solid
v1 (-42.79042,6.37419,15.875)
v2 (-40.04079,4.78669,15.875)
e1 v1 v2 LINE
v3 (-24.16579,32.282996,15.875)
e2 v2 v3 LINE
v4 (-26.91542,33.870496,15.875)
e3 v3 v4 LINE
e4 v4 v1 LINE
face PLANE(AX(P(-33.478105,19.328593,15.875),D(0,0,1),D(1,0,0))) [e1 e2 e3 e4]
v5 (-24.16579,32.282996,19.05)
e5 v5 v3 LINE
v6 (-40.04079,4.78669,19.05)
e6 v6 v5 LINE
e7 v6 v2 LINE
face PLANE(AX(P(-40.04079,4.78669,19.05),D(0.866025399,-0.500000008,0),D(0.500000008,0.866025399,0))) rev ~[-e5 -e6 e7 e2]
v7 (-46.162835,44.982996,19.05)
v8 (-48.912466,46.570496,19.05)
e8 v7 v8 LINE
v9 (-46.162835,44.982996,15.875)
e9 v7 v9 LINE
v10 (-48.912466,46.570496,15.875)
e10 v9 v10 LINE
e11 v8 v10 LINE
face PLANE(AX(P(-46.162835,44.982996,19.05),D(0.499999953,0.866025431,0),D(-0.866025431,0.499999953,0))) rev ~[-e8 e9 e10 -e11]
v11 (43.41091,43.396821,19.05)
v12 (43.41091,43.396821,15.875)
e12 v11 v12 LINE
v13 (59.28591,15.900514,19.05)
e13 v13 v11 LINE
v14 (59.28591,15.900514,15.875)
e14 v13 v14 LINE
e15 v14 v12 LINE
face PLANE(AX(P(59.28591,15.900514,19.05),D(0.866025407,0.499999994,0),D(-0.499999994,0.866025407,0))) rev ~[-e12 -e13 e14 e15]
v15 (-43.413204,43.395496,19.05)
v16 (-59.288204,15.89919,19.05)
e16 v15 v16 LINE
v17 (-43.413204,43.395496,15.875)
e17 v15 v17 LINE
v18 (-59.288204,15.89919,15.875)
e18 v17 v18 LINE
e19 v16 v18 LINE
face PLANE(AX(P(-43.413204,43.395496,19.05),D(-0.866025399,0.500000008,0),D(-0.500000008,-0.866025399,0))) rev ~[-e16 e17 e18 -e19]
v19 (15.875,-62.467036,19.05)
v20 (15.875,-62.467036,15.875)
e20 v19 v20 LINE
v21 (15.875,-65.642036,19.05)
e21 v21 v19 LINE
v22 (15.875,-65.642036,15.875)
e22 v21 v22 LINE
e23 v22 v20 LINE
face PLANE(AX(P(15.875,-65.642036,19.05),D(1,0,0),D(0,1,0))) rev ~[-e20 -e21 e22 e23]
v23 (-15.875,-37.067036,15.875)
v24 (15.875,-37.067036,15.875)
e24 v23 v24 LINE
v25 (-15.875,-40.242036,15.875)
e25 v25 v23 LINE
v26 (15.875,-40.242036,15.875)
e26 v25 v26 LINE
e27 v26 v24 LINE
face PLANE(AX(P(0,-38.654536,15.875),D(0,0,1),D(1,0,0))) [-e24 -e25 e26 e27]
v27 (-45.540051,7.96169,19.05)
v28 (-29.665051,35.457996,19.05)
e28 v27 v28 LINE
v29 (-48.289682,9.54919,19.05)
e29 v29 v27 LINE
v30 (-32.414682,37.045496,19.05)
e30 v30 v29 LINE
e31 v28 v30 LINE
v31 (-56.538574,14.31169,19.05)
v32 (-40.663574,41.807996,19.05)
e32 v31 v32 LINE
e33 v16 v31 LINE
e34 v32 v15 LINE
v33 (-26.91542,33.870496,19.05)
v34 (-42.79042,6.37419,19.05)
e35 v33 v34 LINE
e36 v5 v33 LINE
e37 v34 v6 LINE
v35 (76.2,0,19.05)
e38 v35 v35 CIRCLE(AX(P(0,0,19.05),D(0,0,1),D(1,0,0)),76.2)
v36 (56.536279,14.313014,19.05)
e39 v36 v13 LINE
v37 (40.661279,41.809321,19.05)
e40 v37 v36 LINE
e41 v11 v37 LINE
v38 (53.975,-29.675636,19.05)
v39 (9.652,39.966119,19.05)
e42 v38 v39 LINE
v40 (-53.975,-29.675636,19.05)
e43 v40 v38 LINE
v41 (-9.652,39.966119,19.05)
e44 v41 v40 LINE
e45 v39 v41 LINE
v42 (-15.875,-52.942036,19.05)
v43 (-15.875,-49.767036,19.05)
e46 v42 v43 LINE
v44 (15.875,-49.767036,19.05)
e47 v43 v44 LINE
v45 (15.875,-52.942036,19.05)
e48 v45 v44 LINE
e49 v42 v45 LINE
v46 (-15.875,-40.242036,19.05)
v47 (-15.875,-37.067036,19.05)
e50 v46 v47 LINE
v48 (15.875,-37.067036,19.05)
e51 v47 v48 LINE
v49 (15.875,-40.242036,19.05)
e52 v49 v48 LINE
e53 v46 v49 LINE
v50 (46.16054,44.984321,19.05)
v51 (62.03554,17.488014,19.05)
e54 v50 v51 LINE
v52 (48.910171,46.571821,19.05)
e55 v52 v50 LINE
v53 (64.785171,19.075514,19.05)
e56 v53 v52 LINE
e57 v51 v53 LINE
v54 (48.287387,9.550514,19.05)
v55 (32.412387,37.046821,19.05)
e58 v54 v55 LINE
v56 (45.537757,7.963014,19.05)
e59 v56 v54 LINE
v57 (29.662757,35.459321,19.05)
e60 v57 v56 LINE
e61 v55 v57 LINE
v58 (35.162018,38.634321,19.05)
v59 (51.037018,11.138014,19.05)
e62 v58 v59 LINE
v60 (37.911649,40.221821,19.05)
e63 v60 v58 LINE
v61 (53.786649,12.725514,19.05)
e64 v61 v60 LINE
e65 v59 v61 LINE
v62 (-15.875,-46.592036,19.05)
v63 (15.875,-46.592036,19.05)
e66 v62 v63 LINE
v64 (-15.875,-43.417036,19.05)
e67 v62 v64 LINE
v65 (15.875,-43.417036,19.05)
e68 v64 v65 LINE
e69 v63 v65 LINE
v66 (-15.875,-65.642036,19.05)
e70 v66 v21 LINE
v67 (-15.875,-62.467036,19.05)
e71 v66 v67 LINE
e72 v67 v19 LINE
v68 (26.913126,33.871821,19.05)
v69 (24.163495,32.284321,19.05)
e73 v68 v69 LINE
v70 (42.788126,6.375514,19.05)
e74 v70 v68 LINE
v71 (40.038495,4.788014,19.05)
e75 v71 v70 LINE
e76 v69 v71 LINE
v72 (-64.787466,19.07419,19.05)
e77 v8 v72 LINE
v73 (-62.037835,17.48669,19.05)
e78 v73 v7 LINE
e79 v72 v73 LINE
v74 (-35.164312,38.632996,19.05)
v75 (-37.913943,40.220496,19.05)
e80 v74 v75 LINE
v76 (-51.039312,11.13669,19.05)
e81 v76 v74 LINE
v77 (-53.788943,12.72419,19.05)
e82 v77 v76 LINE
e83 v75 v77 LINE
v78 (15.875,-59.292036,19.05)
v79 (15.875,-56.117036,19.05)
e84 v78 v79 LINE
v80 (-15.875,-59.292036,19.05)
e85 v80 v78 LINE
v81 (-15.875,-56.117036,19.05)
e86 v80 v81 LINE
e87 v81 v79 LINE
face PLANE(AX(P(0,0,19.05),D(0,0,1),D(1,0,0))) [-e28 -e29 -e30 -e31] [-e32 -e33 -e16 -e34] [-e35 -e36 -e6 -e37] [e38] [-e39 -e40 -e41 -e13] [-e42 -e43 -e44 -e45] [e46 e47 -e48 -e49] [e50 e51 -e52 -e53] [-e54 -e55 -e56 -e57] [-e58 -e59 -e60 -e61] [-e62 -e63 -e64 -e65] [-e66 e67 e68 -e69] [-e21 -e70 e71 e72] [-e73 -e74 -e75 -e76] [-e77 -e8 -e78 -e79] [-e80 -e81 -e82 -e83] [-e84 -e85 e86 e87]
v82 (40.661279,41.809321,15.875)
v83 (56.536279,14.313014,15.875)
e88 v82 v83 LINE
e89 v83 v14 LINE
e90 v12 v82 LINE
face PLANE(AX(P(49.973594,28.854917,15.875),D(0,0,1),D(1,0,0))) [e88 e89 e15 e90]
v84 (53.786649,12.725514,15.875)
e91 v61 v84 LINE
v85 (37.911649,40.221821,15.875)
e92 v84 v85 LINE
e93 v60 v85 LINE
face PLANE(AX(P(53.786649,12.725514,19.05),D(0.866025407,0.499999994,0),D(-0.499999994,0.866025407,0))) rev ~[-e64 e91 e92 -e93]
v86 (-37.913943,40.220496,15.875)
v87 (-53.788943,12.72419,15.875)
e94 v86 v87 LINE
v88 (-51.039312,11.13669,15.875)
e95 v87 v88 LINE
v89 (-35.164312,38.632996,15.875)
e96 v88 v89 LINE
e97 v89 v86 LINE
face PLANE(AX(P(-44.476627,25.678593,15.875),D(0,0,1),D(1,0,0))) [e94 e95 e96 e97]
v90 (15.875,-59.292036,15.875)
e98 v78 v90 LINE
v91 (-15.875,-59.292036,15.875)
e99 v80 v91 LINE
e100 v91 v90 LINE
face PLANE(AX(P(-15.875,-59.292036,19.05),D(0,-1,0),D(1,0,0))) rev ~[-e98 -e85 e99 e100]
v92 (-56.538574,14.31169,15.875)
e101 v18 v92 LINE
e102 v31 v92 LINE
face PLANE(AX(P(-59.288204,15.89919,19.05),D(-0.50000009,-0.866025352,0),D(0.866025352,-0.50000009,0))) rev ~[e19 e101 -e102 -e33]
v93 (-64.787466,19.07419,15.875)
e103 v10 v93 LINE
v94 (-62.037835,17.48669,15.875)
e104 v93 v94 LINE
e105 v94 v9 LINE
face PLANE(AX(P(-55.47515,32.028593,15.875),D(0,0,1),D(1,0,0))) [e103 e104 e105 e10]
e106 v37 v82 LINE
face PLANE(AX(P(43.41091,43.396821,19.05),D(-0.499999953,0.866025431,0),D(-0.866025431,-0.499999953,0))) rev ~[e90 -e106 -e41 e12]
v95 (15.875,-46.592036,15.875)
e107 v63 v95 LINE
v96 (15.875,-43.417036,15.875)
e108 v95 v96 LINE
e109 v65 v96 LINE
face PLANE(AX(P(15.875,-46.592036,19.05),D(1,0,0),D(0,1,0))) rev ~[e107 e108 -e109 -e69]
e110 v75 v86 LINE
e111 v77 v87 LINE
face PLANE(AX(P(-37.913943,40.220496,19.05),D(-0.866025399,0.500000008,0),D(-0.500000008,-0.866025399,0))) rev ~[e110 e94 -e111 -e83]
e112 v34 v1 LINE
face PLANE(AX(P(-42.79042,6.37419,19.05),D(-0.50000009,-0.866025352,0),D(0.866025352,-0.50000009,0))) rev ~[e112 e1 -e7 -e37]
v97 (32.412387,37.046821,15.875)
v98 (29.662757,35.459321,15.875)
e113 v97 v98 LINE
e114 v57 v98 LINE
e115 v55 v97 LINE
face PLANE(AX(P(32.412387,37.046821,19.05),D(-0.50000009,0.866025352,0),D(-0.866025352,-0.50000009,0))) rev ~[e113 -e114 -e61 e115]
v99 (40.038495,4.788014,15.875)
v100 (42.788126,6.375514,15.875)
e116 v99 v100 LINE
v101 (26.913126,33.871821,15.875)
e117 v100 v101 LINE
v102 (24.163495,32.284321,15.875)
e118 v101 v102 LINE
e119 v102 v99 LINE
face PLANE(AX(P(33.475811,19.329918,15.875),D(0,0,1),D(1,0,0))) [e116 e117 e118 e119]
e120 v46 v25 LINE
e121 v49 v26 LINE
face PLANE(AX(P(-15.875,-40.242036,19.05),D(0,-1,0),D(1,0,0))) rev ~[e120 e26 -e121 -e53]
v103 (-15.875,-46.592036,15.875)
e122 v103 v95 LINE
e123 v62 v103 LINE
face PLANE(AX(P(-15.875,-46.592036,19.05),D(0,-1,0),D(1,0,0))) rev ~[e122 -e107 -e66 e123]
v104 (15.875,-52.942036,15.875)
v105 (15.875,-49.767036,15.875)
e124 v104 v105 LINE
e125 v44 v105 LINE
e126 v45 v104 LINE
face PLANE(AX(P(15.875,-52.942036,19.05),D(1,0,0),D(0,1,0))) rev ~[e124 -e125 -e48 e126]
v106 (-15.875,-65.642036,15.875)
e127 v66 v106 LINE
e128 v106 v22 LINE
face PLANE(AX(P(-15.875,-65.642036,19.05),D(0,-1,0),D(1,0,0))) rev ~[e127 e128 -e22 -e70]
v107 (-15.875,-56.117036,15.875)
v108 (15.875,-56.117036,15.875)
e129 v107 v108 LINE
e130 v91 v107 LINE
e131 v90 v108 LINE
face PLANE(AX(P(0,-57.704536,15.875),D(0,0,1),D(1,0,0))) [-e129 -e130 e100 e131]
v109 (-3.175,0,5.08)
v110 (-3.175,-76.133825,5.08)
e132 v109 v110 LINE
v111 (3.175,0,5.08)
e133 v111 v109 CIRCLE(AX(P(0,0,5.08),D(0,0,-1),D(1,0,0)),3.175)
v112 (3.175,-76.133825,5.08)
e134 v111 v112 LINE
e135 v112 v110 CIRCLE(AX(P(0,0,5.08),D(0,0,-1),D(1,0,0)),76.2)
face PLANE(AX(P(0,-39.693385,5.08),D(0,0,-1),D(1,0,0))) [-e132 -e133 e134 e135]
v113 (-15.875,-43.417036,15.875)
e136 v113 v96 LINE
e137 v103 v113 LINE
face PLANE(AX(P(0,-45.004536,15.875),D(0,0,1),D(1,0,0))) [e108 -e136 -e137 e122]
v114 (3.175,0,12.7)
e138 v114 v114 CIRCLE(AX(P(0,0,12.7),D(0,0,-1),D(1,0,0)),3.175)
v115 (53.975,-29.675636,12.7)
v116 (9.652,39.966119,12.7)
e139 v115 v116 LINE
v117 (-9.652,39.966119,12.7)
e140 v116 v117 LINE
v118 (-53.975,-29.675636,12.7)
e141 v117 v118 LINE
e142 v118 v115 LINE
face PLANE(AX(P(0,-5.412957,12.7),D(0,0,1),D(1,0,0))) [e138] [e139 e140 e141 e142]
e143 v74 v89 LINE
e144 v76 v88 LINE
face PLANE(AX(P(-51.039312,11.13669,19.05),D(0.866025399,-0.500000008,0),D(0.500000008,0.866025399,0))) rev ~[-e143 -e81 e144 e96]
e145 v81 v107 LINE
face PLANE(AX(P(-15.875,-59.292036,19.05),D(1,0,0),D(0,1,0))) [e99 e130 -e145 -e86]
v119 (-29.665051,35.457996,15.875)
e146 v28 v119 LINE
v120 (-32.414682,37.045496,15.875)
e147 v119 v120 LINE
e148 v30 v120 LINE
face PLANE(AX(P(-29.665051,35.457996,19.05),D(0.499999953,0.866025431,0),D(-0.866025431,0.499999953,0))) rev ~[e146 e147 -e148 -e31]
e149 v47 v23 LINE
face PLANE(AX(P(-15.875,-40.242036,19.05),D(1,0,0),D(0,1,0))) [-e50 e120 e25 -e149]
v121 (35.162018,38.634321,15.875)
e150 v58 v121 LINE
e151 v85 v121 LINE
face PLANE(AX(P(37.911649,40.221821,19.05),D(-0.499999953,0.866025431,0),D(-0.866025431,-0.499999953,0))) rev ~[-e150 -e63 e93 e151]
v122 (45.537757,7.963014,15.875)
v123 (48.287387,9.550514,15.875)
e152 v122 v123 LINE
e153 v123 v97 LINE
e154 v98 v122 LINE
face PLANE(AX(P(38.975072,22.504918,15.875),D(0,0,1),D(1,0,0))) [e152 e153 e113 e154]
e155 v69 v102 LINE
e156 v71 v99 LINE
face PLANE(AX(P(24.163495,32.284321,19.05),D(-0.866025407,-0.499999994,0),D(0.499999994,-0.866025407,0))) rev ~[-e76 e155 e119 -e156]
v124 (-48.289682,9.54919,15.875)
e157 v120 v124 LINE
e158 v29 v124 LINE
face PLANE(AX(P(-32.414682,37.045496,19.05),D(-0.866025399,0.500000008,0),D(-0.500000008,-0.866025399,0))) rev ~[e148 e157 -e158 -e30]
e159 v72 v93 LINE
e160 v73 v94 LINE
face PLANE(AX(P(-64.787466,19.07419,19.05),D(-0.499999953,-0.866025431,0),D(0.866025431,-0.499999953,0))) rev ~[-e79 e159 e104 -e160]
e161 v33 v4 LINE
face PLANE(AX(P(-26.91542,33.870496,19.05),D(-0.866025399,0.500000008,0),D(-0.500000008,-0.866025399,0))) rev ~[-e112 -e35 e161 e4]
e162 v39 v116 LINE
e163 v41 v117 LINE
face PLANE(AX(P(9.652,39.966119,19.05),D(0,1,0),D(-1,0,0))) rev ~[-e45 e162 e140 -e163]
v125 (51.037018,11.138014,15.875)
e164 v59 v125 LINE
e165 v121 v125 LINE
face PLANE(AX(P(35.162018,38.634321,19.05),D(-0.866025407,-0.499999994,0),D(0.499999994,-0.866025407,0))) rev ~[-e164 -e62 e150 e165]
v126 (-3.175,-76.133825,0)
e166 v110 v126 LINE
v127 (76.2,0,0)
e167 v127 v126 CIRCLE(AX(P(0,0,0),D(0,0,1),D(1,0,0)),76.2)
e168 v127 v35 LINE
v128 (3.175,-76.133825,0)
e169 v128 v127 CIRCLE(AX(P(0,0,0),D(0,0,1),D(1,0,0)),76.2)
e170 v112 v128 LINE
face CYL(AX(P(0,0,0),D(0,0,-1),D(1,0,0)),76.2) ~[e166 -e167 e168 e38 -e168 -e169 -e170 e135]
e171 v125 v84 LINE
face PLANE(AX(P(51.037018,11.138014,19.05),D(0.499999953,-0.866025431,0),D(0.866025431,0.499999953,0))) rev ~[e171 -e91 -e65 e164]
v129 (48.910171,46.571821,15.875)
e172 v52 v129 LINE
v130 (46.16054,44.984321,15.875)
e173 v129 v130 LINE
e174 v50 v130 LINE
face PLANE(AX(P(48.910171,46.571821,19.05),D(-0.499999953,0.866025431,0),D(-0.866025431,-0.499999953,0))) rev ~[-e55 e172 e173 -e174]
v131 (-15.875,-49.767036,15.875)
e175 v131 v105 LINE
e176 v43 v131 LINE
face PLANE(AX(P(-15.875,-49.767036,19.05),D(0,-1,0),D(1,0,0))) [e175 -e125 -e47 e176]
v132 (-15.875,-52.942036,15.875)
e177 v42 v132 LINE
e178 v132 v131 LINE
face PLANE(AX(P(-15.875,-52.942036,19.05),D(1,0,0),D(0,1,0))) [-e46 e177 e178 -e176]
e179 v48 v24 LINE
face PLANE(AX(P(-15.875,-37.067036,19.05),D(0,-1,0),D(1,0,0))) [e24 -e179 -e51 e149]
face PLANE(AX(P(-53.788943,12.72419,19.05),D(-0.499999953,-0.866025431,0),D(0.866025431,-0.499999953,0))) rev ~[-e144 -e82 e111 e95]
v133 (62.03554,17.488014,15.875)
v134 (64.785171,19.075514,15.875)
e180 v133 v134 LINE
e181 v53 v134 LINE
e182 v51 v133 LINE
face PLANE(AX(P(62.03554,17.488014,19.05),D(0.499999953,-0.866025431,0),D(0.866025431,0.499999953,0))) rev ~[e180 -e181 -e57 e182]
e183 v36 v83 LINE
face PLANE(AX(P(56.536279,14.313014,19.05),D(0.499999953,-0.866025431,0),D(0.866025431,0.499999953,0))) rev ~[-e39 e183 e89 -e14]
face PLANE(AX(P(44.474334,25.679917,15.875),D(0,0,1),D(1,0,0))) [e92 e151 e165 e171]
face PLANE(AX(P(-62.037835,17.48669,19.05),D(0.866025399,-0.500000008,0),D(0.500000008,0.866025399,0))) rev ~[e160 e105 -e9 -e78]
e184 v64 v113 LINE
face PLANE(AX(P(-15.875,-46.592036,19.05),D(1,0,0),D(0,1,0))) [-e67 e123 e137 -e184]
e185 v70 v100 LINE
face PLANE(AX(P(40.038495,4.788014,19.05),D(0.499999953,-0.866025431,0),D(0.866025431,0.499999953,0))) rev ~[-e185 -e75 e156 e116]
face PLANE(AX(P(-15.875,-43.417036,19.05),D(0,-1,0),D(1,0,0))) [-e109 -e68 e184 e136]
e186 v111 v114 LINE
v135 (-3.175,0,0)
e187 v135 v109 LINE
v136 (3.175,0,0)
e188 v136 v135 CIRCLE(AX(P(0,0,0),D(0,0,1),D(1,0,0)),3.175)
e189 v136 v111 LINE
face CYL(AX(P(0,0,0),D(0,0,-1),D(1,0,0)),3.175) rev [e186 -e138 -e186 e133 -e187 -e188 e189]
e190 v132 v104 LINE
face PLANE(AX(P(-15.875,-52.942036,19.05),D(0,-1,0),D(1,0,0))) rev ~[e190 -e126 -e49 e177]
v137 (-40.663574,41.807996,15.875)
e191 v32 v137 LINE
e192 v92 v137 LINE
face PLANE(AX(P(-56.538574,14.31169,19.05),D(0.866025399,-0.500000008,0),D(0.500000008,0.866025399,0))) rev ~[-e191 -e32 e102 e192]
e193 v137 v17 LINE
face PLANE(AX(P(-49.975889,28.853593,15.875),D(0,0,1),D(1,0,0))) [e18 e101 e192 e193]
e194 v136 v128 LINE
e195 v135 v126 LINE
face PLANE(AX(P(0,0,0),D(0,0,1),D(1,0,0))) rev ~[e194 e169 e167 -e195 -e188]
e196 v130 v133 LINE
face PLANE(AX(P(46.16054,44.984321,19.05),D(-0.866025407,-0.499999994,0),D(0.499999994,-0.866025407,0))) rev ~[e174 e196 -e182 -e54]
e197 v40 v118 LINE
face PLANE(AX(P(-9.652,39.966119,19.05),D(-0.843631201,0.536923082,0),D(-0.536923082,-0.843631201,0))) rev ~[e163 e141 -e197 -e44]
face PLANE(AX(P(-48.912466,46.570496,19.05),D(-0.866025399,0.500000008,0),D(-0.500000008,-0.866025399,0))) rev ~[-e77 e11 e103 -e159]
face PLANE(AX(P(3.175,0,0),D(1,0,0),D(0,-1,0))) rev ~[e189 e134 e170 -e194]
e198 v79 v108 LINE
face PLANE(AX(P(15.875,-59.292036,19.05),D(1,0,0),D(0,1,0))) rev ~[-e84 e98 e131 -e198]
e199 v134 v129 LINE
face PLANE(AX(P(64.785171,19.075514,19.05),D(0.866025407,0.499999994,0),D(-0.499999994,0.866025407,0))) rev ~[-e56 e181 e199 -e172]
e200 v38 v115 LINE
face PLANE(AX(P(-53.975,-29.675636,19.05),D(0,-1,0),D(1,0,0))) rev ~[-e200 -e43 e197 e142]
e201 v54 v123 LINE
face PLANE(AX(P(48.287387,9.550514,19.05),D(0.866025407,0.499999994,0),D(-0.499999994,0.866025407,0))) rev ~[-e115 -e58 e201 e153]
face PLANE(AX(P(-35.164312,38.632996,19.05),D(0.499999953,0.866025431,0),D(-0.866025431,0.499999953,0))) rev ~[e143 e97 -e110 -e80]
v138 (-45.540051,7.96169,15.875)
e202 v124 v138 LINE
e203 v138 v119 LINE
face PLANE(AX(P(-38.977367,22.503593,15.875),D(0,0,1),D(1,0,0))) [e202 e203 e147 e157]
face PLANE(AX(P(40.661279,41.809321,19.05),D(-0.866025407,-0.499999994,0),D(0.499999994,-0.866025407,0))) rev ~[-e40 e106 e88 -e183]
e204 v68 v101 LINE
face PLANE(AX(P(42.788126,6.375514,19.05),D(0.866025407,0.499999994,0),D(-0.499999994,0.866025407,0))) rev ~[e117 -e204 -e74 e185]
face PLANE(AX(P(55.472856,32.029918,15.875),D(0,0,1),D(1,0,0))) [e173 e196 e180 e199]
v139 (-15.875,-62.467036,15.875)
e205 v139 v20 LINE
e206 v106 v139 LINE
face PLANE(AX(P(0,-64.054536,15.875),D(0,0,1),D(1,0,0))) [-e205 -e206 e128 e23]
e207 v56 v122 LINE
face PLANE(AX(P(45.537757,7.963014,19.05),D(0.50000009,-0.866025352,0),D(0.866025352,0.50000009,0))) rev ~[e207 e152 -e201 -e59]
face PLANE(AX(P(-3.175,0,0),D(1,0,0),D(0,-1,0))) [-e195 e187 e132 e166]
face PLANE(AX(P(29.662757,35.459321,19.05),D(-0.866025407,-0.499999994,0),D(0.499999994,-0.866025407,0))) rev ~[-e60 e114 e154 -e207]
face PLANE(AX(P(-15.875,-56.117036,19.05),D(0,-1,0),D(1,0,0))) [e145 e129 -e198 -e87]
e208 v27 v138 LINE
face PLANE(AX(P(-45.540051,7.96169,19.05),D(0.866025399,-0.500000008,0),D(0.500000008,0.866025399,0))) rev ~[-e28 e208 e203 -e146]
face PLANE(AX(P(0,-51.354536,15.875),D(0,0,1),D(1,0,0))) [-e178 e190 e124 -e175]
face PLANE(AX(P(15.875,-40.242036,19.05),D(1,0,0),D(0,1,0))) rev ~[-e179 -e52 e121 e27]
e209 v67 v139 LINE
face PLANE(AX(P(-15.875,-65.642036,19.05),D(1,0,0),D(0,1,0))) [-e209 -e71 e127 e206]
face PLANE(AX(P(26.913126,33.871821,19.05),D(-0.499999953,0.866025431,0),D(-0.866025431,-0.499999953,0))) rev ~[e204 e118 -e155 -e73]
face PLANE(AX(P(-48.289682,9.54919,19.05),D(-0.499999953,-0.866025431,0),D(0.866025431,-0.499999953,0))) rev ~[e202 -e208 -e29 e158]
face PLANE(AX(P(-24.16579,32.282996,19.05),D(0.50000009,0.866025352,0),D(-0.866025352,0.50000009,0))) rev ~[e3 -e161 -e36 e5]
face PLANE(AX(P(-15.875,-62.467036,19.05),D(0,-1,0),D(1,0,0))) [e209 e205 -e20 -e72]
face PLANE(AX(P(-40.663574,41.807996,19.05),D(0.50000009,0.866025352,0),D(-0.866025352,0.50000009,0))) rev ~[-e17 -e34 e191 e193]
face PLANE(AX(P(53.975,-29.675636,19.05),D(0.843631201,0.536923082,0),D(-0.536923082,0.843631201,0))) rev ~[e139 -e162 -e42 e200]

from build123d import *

# Parameters (mm, degrees)
F0_R     = 76.2
F0_R_2   = 3.175
F1_DEPTH = 19.05
F3_DEPTH = 6.35
F4_W     = 31.75
F4_H     = 3.175
F5_DEPTH = 3.175
F6_W     = 6.35
F6_H     = 79.386771
F7_DEPTH = 5.08


with BuildPart() as f1:
    # F0 (on Top) → F1 (new body)
    with BuildSketch(Plane.XY):
        Circle(F0_R)
        Circle(F0_R_2, mode=Mode.SUBTRACT)
    extrude(amount=F1_DEPTH)

    # F2 (on face) → F3 (cut)
    with BuildSketch(Plane.XY.offset(19.05)):
        Polygon((9.652, 39.966119), (-9.652, 39.966119), (-53.975, -29.675636), (53.975, -29.675636), align=None)
    extrude(amount=-F3_DEPTH, mode=Mode.SUBTRACT)

    # F4 (on face) → F5 (cut)
    with BuildSketch(Plane.XY.offset(19.05)):
        with Locations((0, -38.654536)):
            Rectangle(F4_W, F4_H)
        with Locations((0, -45.004536)):
            Rectangle(F4_W, F4_H)
        with Locations((0, -51.354536)):
            Rectangle(F4_W, F4_H)
        with Locations((0, -57.704536)):
            Rectangle(F4_W, F4_H)
        with Locations((0, -64.054536)):
            Rectangle(F4_W, F4_H)
        Polygon((46.16054, 44.984321), (62.03554, 17.488014), (64.785171, 19.075514), (48.910171, 46.571821), align=None)
        Polygon((40.038495, 4.788014), (42.788126, 6.375514), (26.913126, 33.871821), (24.163495, 32.284321), align=None)
        Polygon((59.28591, 15.900514), (43.41091, 43.396821), (40.661279, 41.809321), (56.536279, 14.313014), align=None)
        Polygon((32.412387, 37.046821), (29.662757, 35.459321), (45.537757, 7.963014), (48.287387, 9.550514), align=None)
        Polygon((35.162018, 38.634321), (51.037018, 11.138014), (53.786649, 12.725514), (37.911649, 40.221821), align=None)
        Polygon((-62.037835, 17.48669), (-46.162835, 44.982996), (-48.912466, 46.570496), (-64.787466, 19.07419), align=None)
        Polygon((-24.16579, 32.282996), (-26.91542, 33.870496), (-42.79042, 6.37419), (-40.04079, 4.78669), align=None)
        Polygon((-43.413204, 43.395496), (-59.288204, 15.89919), (-56.538574, 14.31169), (-40.663574, 41.807996), align=None)
        Polygon((-48.289682, 9.54919), (-45.540051, 7.96169), (-29.665051, 35.457996), (-32.414682, 37.045496), align=None)
        Polygon((-51.039312, 11.13669), (-35.164312, 38.632996), (-37.913943, 40.220496), (-53.788943, 12.72419), align=None)
    extrude(amount=-F5_DEPTH, mode=Mode.SUBTRACT)

    # F6 (on face) → F7 (cut)
    with BuildSketch(Plane(origin=(0, 0, 0), x_dir=(1, 0, 0), z_dir=(0, 0, -1))):
        with Locations((0, 39.693385)):
            Rectangle(F6_W, F6_H)
    extrude(amount=-F7_DEPTH, mode=Mode.SUBTRACT)


solid = f1.part
